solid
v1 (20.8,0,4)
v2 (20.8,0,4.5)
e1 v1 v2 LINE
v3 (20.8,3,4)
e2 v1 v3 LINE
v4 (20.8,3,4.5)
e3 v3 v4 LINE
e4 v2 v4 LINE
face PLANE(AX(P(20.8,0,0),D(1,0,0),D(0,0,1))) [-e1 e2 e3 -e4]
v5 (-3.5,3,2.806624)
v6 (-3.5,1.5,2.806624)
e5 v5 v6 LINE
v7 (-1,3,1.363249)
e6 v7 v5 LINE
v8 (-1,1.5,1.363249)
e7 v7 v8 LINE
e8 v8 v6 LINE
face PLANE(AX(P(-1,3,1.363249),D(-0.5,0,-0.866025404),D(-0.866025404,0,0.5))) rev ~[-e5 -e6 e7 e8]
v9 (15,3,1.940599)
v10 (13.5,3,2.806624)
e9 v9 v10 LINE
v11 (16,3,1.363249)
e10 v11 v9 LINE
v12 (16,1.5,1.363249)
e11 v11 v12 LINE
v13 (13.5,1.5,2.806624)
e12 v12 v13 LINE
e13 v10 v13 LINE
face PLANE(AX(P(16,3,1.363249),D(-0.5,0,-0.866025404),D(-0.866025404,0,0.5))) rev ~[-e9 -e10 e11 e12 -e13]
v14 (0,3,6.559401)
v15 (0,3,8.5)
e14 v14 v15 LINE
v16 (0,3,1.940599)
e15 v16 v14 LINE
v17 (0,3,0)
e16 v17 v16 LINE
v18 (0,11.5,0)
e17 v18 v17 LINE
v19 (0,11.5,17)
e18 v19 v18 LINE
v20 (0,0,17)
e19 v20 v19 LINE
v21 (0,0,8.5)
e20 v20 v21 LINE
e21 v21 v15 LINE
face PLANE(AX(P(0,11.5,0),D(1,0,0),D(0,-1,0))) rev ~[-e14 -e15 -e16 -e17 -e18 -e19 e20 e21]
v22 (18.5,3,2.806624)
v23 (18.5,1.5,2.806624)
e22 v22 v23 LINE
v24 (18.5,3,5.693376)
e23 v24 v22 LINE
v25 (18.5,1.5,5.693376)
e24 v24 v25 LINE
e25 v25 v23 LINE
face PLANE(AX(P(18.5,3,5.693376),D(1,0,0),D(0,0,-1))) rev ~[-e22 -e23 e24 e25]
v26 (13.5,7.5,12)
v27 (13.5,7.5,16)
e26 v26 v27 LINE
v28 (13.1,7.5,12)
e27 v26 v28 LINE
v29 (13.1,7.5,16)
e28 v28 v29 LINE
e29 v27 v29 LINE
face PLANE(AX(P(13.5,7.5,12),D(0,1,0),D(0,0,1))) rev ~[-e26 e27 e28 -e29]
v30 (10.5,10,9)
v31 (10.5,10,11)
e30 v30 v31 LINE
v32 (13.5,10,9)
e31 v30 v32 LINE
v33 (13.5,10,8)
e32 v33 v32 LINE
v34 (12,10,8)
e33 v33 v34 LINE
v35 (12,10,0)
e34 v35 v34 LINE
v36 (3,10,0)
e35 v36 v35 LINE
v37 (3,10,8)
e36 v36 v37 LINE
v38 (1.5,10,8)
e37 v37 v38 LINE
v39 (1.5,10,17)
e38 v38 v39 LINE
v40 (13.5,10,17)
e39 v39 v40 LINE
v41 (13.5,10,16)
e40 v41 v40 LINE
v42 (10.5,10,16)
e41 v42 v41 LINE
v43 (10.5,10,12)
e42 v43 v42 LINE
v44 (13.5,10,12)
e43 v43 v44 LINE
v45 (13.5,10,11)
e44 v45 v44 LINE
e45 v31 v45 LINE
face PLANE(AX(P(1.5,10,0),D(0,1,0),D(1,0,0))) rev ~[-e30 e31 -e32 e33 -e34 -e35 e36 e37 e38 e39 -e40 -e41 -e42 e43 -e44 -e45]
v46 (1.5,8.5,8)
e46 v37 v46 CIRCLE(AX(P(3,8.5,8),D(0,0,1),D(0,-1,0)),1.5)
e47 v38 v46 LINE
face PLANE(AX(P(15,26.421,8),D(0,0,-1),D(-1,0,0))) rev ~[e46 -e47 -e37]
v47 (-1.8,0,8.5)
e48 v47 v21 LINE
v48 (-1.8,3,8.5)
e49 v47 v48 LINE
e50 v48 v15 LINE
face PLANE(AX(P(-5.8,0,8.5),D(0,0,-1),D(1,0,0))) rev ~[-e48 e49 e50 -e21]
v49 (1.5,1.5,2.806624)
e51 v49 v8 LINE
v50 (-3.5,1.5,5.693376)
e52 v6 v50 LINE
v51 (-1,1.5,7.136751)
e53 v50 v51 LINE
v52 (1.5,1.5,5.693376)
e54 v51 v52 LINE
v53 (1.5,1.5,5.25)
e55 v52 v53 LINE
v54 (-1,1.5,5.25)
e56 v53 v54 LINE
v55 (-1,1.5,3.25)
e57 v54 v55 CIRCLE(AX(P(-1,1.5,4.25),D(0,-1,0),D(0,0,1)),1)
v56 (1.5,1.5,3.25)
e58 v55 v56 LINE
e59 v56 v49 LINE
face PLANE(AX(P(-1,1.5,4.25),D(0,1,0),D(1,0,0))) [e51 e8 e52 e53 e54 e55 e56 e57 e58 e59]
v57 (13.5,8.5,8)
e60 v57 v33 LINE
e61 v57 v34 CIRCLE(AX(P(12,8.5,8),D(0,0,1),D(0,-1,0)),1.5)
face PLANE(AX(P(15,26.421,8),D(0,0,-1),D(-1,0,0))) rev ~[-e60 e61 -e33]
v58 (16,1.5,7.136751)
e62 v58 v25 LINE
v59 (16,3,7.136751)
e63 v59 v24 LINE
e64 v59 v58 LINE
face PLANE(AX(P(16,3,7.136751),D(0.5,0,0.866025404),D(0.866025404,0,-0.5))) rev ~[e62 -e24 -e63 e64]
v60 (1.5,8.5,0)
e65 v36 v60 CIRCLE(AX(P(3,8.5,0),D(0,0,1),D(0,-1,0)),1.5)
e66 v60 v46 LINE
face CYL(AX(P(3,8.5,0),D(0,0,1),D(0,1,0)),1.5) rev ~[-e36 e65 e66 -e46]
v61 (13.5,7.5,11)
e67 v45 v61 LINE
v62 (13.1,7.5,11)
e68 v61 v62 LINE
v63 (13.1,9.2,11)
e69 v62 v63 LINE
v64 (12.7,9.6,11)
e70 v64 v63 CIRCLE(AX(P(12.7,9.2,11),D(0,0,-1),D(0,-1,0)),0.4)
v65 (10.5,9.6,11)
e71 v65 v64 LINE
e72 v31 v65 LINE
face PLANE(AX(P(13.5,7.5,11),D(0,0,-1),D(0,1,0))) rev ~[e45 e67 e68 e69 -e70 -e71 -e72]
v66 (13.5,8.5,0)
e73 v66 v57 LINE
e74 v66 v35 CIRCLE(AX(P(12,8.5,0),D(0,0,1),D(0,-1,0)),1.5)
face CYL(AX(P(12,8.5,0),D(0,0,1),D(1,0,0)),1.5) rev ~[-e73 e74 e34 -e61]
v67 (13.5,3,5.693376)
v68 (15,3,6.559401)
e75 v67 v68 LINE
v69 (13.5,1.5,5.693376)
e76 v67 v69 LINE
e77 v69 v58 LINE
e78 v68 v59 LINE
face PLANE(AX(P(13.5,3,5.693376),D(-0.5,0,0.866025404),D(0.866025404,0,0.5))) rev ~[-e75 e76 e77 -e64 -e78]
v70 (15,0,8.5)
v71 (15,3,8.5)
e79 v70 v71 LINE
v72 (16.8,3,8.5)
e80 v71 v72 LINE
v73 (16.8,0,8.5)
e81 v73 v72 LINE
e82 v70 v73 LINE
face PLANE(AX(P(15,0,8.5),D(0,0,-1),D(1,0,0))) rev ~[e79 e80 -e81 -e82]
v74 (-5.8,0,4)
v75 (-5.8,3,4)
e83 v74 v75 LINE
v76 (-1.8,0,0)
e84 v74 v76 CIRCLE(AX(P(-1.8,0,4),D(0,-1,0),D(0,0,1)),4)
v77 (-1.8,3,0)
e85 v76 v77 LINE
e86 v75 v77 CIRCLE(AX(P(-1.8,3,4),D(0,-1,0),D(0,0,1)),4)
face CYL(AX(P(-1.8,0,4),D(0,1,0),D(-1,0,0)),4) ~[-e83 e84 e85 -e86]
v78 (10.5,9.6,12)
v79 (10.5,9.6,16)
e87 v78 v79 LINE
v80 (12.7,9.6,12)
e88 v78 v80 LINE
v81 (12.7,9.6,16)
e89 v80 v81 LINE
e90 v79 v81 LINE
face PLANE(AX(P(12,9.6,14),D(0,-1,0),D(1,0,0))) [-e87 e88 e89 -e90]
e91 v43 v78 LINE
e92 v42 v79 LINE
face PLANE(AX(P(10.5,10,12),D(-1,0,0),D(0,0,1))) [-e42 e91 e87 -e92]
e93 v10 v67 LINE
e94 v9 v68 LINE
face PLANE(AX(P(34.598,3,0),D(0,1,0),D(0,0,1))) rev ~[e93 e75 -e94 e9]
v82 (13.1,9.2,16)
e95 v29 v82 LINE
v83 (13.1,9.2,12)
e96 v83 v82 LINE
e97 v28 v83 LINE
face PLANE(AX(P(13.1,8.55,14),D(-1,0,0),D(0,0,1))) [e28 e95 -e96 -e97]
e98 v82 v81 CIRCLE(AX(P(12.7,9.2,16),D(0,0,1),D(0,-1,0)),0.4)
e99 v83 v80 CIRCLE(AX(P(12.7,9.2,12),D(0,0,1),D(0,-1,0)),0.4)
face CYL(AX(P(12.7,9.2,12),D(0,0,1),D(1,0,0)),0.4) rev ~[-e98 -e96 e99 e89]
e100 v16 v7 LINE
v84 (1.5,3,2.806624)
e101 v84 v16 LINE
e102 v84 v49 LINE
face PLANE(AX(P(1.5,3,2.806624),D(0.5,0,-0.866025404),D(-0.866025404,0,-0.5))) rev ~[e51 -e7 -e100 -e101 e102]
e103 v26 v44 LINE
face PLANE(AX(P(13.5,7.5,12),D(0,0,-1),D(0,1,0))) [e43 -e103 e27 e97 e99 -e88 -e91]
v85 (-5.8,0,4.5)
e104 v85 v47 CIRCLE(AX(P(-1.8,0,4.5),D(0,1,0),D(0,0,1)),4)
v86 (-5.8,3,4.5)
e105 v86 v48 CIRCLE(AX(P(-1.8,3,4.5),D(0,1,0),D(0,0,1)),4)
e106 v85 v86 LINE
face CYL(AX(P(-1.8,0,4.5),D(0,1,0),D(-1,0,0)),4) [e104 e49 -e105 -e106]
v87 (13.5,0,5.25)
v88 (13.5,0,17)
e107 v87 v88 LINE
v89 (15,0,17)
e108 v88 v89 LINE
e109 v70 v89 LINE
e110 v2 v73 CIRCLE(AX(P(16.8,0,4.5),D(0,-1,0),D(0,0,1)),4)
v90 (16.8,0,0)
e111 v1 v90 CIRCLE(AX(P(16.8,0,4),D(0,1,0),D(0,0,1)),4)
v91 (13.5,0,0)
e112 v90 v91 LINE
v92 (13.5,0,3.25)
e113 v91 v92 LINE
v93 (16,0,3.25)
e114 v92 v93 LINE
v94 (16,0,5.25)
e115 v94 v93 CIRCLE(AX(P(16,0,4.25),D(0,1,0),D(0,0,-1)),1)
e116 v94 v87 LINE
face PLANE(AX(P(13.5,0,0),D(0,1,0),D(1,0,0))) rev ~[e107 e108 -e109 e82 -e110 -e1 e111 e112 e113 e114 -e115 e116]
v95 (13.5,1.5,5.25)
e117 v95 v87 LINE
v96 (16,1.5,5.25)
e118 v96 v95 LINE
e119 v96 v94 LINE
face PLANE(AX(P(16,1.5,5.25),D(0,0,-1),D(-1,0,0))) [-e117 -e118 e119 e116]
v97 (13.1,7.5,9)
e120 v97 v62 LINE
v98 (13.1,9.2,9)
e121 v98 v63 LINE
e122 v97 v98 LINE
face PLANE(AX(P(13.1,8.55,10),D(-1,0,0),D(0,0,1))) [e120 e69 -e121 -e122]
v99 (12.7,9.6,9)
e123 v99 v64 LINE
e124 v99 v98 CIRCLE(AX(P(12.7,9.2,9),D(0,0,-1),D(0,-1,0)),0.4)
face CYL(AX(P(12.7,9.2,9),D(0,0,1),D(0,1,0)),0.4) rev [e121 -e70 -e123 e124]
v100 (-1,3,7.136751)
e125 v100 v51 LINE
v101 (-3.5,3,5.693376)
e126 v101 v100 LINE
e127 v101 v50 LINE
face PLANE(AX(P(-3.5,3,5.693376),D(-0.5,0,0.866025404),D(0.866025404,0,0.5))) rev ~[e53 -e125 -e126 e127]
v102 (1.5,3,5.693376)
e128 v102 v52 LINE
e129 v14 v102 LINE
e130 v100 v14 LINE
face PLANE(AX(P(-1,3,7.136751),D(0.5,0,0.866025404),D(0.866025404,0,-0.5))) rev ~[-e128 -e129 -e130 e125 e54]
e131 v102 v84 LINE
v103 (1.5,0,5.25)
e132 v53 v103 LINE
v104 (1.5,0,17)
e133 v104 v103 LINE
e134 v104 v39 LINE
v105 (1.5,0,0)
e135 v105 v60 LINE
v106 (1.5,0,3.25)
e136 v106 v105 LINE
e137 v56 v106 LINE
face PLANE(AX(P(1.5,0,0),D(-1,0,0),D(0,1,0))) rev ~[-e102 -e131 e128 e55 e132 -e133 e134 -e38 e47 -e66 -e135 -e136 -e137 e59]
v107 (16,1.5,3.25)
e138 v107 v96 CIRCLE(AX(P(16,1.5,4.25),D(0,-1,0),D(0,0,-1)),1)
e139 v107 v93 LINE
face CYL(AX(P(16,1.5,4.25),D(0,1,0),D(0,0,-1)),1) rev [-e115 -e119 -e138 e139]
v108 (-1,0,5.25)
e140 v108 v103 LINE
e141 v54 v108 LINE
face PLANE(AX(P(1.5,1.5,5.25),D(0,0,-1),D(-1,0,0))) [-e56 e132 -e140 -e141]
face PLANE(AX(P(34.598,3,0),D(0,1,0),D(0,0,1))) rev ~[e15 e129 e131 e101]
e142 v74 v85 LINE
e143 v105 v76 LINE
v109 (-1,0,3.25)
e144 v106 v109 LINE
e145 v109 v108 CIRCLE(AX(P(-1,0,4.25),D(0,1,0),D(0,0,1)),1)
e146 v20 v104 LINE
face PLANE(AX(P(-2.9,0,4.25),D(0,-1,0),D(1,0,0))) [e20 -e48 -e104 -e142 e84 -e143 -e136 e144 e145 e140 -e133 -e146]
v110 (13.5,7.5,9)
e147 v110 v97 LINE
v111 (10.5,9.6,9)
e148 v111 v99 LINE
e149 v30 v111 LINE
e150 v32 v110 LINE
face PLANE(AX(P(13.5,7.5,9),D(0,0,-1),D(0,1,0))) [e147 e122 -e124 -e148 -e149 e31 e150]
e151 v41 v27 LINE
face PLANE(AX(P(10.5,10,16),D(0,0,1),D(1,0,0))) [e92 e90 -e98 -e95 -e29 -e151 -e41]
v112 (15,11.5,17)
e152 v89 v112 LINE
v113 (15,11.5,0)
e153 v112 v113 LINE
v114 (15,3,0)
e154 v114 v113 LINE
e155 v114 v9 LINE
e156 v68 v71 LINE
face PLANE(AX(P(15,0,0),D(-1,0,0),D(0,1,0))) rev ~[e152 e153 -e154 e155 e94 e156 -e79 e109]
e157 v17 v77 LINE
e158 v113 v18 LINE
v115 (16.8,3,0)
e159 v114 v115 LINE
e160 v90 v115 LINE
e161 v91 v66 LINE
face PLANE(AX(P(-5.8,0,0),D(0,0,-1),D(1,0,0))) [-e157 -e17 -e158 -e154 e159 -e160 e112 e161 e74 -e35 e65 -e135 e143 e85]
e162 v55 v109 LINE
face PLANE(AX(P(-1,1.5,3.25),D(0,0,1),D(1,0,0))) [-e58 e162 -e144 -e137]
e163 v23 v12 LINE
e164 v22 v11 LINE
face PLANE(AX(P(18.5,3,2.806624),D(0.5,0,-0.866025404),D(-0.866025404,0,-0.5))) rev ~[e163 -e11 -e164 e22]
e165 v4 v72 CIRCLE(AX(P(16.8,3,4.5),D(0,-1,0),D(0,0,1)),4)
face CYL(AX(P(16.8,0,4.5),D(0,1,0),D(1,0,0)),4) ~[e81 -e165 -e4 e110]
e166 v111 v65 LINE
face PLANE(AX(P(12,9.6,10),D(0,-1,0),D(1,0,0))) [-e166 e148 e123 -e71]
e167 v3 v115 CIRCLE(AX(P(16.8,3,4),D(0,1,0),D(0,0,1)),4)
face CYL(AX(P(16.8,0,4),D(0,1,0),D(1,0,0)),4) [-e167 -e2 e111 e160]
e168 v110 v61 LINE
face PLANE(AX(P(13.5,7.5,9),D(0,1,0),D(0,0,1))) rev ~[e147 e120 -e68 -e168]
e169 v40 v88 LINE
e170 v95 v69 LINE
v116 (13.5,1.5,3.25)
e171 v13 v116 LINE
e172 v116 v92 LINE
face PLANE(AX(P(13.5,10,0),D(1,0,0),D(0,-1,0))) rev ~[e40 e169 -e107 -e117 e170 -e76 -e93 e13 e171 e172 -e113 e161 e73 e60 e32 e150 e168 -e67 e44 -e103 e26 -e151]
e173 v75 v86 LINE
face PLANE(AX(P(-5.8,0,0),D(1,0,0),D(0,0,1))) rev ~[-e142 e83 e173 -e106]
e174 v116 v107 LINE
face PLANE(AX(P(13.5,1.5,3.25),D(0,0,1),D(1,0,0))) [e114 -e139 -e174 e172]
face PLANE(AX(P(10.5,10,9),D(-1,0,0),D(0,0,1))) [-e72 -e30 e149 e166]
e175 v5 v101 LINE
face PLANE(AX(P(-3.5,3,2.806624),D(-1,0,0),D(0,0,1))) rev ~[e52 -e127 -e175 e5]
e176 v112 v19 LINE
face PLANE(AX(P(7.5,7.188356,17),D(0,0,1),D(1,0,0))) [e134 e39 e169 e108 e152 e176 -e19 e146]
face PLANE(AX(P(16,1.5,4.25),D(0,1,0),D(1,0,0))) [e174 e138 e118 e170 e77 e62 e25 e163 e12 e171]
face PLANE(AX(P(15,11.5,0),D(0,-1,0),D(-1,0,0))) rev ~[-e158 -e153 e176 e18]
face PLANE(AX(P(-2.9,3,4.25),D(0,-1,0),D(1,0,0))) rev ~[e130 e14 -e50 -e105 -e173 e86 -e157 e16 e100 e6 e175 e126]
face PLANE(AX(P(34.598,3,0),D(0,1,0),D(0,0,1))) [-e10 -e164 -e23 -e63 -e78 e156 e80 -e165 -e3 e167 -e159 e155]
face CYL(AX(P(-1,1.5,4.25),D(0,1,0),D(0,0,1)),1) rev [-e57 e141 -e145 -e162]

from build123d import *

# Parameters (mm, degrees)
BOSS_EXTRUDE1_DEPTH    = 17
SKETCH10_W             = 3
SKETCH10_H             = 4
SKETCH10_H_2           = 2
BOSS_EXTRUDE8_DEPTH    = 0.4
SKETCH11_W             = 2
SKETCH11_H             = 2.1
SKETCH11_W_2           = 4
BOSS_EXTRUDE9_DEPTH    = 0.4
FILLET5_R              = 0.4
SPLIT2_SURFACE_1_BACK  = 26.421
SPLIT2_SURFACE_1_DEPTH = 52.842
SPLIT2_SURFACE_2_BACK  = 26.421
SPLIT2_SURFACE_2_DEPTH = 52.842
FILLET6_R              = 1.5
SKETCH13_W             = 5.8
SKETCH13_H             = 8.5
BOSS_EXTRUDE10_DEPTH   = 3
FILLET7_R              = 4
SPLIT3_SURFACE_3_BACK  = 34.598
SPLIT3_SURFACE_3_DEPTH = 69.196
SPLIT3_SURFACE_4_BACK  = 34.598
SPLIT3_SURFACE_4_DEPTH = 69.196
CUT_EXTRUDE1_DEPTH     = 1.5
CUT_EXTRUDE2_DEPTH     = 29.664263465


with BuildPart() as part:
    # Sketch1 → Boss-Extrude1 (new body)
    with BuildSketch(Plane.XY):
        Polygon((0, 0), (1.5, 0), (1.5, 10), (13.5, 10), (13.5, 0), (15, 0), (15, 11.5), (0, 11.5), (0, 10), align=None)
    extrude(amount=BOSS_EXTRUDE1_DEPTH)

    # Sketch10 → Boss-Extrude8 (add)
    with BuildSketch(Plane.XZ.offset(-10)):
        with Locations((12, 14)):
            Rectangle(SKETCH10_W, SKETCH10_H)
        with Locations((12, 10)):
            Rectangle(SKETCH10_W, SKETCH10_H_2)
    extrude(amount=BOSS_EXTRUDE8_DEPTH)

    # Sketch11 → Boss-Extrude9 (add)
    with BuildSketch(Plane.ZY.offset(-13.5)):
        with Locations((10, 8.55)):
            Rectangle(SKETCH11_W, SKETCH11_H)
        with Locations((14, 8.55)):
            Rectangle(SKETCH11_W_2, SKETCH11_H)
    extrude(amount=BOSS_EXTRUDE9_DEPTH)

    # Fillet5
    fillet5_edges = [part.edges().sort_by_distance(p)[0] for p in [
        (13.1, 9.6, 10),
        (13.1, 9.6, 14),
    ]]
    fillet(fillet5_edges, radius=FILLET5_R)


with BuildPart() as body_2:
    # Split2: the piece behind the surface
    add(part.part)
    # Split2 surface: a surface, the sketch's curves swept straight by 52.842 mm
    with BuildLine(Plane.XZ.offset(-SPLIT2_SURFACE_1_BACK), mode=Mode.PRIVATE) as split2_surface_1_path:
        Line((15, 8), (0, 8))
    split2_surface_1 = Shell.extrude(split2_surface_1_path.wire(), (0 * SPLIT2_SURFACE_1_DEPTH, -1 * SPLIT2_SURFACE_1_DEPTH, 0 * SPLIT2_SURFACE_1_DEPTH))
    split(bisect_by=split2_surface_1, keep=Keep.BOTTOM)


with BuildPart() as part_1:
    add(part.part)

    # Split2: split by a surface, the side it looks to stays
    # Split2 surface: a surface, the sketch's curves swept straight by 52.842 mm
    with BuildLine(Plane.XZ.offset(-SPLIT2_SURFACE_2_BACK), mode=Mode.PRIVATE) as split2_surface_2_path:
        Line((15, 8), (0, 8))
    split2_surface_2 = Shell.extrude(split2_surface_2_path.wire(), (0 * SPLIT2_SURFACE_2_DEPTH, -1 * SPLIT2_SURFACE_2_DEPTH, 0 * SPLIT2_SURFACE_2_DEPTH))
    split(bisect_by=split2_surface_2, keep=Keep.TOP)

    # Fillet6
    fillet6_edges = [part_1.edges().sort_by_distance(p)[0] for p in [
        (13.5, 10, 4),
        (1.5, 10, 4),
    ]]
    fillet(fillet6_edges, radius=FILLET6_R)


with BuildPart() as body_2_1:
    add(body_2.part)

    # Combine2: union part
    add(part_1.part)

    # Sketch13 → Boss-Extrude10 (add)
    with BuildSketch(Plane.XZ):
        with Locations((-2.9, 4.25)):
            Rectangle(SKETCH13_W, SKETCH13_H)
        with Locations((17.9, 4.25)):
            Rectangle(SKETCH13_W, SKETCH13_H)
    extrude(amount=-BOSS_EXTRUDE10_DEPTH)

    # Fillet7
    fillet7_edges = [body_2_1.edges().sort_by_distance(p)[0] for p in [
        (20.8, 1.5, 8.5),
        (20.8, 1.5, 0),
        (-5.8, 1.5, 0),
        (-5.8, 1.5, 8.5),
    ]]
    fillet(fillet7_edges, radius=FILLET7_R)


with BuildPart() as body_2_2:
    # Split3: the piece behind the surface
    add(body_2_1.part)
    # Split3 surface: a surface, the sketch's curves swept straight by 69.196 mm
    with BuildLine(Plane.ZY.offset(-SPLIT3_SURFACE_3_BACK), mode=Mode.PRIVATE) as split3_surface_3_path:
        Line((0, 3), (17, 3))
    split3_surface_3 = Shell.extrude(split3_surface_3_path.wire(), (-1 * SPLIT3_SURFACE_3_DEPTH, 0 * SPLIT3_SURFACE_3_DEPTH, 0 * SPLIT3_SURFACE_3_DEPTH))
    split(bisect_by=split3_surface_3, keep=Keep.BOTTOM)

    # Sketch16 → Cut-Extrude1 (cut)
    with BuildSketch(Plane(origin=(0, 3, 0), x_dir=(1, 0, 0), z_dir=(0, 1, 0))):
        Polygon((-1, -7.136751346), (1.5, -5.693375673), (1.5, -2.806624327), (-1, -1.363248654), (-3.5, -2.806624327), (-3.5, -5.693375673), align=None)
        Polygon((16, -1.363248654), (13.5, -2.806624327), (13.5, -5.693375673), (16, -7.136751346), (18.5, -5.693375673), (18.5, -2.806624327), align=None)
    extrude(amount=-CUT_EXTRUDE1_DEPTH, mode=Mode.SUBTRACT)

    # Sketch17 → Cut-Extrude2 (cut, through all)
    with BuildSketch(Plane(origin=(0, 1.5, 0), x_dir=(1, 0, 0), z_dir=(0, 1, 0))):
        with BuildLine():
            Line((16, -5.25), (13.5, -5.25))
            Line((13.5, -5.25), (13.5, -3.25))
            Line((13.5, -3.25), (16, -3.25))
            ThreePointArc((16, -3.25), (17, -4.25), (16, -5.25))
        make_face()
        with BuildLine():
            Line((1.5, -3.25), (1.5, -5.25))
            Line((1.5, -5.25), (-1, -5.25))
            ThreePointArc((-1, -5.25), (-2, -4.25), (-1, -3.25))
            Line((-1, -3.25), (1.5, -3.25))
        make_face()
    extrude(amount=-CUT_EXTRUDE2_DEPTH, mode=Mode.SUBTRACT)


with BuildPart() as body_2_3:
    add(body_2_1.part)

    # Split3: split by a surface, the side it looks to stays
    # Split3 surface: a surface, the sketch's curves swept straight by 69.196 mm
    with BuildLine(Plane.ZY.offset(-SPLIT3_SURFACE_4_BACK), mode=Mode.PRIVATE) as split3_surface_4_path:
        Line((0, 3), (17, 3))
    split3_surface_4 = Shell.extrude(split3_surface_4_path.wire(), (-1 * SPLIT3_SURFACE_4_DEPTH, 0 * SPLIT3_SURFACE_4_DEPTH, 0 * SPLIT3_SURFACE_4_DEPTH))
    split(bisect_by=split3_surface_4, keep=Keep.TOP)

    # Combine3: union body 2 2
    add(body_2_2.part)


solid = body_2_3.part
